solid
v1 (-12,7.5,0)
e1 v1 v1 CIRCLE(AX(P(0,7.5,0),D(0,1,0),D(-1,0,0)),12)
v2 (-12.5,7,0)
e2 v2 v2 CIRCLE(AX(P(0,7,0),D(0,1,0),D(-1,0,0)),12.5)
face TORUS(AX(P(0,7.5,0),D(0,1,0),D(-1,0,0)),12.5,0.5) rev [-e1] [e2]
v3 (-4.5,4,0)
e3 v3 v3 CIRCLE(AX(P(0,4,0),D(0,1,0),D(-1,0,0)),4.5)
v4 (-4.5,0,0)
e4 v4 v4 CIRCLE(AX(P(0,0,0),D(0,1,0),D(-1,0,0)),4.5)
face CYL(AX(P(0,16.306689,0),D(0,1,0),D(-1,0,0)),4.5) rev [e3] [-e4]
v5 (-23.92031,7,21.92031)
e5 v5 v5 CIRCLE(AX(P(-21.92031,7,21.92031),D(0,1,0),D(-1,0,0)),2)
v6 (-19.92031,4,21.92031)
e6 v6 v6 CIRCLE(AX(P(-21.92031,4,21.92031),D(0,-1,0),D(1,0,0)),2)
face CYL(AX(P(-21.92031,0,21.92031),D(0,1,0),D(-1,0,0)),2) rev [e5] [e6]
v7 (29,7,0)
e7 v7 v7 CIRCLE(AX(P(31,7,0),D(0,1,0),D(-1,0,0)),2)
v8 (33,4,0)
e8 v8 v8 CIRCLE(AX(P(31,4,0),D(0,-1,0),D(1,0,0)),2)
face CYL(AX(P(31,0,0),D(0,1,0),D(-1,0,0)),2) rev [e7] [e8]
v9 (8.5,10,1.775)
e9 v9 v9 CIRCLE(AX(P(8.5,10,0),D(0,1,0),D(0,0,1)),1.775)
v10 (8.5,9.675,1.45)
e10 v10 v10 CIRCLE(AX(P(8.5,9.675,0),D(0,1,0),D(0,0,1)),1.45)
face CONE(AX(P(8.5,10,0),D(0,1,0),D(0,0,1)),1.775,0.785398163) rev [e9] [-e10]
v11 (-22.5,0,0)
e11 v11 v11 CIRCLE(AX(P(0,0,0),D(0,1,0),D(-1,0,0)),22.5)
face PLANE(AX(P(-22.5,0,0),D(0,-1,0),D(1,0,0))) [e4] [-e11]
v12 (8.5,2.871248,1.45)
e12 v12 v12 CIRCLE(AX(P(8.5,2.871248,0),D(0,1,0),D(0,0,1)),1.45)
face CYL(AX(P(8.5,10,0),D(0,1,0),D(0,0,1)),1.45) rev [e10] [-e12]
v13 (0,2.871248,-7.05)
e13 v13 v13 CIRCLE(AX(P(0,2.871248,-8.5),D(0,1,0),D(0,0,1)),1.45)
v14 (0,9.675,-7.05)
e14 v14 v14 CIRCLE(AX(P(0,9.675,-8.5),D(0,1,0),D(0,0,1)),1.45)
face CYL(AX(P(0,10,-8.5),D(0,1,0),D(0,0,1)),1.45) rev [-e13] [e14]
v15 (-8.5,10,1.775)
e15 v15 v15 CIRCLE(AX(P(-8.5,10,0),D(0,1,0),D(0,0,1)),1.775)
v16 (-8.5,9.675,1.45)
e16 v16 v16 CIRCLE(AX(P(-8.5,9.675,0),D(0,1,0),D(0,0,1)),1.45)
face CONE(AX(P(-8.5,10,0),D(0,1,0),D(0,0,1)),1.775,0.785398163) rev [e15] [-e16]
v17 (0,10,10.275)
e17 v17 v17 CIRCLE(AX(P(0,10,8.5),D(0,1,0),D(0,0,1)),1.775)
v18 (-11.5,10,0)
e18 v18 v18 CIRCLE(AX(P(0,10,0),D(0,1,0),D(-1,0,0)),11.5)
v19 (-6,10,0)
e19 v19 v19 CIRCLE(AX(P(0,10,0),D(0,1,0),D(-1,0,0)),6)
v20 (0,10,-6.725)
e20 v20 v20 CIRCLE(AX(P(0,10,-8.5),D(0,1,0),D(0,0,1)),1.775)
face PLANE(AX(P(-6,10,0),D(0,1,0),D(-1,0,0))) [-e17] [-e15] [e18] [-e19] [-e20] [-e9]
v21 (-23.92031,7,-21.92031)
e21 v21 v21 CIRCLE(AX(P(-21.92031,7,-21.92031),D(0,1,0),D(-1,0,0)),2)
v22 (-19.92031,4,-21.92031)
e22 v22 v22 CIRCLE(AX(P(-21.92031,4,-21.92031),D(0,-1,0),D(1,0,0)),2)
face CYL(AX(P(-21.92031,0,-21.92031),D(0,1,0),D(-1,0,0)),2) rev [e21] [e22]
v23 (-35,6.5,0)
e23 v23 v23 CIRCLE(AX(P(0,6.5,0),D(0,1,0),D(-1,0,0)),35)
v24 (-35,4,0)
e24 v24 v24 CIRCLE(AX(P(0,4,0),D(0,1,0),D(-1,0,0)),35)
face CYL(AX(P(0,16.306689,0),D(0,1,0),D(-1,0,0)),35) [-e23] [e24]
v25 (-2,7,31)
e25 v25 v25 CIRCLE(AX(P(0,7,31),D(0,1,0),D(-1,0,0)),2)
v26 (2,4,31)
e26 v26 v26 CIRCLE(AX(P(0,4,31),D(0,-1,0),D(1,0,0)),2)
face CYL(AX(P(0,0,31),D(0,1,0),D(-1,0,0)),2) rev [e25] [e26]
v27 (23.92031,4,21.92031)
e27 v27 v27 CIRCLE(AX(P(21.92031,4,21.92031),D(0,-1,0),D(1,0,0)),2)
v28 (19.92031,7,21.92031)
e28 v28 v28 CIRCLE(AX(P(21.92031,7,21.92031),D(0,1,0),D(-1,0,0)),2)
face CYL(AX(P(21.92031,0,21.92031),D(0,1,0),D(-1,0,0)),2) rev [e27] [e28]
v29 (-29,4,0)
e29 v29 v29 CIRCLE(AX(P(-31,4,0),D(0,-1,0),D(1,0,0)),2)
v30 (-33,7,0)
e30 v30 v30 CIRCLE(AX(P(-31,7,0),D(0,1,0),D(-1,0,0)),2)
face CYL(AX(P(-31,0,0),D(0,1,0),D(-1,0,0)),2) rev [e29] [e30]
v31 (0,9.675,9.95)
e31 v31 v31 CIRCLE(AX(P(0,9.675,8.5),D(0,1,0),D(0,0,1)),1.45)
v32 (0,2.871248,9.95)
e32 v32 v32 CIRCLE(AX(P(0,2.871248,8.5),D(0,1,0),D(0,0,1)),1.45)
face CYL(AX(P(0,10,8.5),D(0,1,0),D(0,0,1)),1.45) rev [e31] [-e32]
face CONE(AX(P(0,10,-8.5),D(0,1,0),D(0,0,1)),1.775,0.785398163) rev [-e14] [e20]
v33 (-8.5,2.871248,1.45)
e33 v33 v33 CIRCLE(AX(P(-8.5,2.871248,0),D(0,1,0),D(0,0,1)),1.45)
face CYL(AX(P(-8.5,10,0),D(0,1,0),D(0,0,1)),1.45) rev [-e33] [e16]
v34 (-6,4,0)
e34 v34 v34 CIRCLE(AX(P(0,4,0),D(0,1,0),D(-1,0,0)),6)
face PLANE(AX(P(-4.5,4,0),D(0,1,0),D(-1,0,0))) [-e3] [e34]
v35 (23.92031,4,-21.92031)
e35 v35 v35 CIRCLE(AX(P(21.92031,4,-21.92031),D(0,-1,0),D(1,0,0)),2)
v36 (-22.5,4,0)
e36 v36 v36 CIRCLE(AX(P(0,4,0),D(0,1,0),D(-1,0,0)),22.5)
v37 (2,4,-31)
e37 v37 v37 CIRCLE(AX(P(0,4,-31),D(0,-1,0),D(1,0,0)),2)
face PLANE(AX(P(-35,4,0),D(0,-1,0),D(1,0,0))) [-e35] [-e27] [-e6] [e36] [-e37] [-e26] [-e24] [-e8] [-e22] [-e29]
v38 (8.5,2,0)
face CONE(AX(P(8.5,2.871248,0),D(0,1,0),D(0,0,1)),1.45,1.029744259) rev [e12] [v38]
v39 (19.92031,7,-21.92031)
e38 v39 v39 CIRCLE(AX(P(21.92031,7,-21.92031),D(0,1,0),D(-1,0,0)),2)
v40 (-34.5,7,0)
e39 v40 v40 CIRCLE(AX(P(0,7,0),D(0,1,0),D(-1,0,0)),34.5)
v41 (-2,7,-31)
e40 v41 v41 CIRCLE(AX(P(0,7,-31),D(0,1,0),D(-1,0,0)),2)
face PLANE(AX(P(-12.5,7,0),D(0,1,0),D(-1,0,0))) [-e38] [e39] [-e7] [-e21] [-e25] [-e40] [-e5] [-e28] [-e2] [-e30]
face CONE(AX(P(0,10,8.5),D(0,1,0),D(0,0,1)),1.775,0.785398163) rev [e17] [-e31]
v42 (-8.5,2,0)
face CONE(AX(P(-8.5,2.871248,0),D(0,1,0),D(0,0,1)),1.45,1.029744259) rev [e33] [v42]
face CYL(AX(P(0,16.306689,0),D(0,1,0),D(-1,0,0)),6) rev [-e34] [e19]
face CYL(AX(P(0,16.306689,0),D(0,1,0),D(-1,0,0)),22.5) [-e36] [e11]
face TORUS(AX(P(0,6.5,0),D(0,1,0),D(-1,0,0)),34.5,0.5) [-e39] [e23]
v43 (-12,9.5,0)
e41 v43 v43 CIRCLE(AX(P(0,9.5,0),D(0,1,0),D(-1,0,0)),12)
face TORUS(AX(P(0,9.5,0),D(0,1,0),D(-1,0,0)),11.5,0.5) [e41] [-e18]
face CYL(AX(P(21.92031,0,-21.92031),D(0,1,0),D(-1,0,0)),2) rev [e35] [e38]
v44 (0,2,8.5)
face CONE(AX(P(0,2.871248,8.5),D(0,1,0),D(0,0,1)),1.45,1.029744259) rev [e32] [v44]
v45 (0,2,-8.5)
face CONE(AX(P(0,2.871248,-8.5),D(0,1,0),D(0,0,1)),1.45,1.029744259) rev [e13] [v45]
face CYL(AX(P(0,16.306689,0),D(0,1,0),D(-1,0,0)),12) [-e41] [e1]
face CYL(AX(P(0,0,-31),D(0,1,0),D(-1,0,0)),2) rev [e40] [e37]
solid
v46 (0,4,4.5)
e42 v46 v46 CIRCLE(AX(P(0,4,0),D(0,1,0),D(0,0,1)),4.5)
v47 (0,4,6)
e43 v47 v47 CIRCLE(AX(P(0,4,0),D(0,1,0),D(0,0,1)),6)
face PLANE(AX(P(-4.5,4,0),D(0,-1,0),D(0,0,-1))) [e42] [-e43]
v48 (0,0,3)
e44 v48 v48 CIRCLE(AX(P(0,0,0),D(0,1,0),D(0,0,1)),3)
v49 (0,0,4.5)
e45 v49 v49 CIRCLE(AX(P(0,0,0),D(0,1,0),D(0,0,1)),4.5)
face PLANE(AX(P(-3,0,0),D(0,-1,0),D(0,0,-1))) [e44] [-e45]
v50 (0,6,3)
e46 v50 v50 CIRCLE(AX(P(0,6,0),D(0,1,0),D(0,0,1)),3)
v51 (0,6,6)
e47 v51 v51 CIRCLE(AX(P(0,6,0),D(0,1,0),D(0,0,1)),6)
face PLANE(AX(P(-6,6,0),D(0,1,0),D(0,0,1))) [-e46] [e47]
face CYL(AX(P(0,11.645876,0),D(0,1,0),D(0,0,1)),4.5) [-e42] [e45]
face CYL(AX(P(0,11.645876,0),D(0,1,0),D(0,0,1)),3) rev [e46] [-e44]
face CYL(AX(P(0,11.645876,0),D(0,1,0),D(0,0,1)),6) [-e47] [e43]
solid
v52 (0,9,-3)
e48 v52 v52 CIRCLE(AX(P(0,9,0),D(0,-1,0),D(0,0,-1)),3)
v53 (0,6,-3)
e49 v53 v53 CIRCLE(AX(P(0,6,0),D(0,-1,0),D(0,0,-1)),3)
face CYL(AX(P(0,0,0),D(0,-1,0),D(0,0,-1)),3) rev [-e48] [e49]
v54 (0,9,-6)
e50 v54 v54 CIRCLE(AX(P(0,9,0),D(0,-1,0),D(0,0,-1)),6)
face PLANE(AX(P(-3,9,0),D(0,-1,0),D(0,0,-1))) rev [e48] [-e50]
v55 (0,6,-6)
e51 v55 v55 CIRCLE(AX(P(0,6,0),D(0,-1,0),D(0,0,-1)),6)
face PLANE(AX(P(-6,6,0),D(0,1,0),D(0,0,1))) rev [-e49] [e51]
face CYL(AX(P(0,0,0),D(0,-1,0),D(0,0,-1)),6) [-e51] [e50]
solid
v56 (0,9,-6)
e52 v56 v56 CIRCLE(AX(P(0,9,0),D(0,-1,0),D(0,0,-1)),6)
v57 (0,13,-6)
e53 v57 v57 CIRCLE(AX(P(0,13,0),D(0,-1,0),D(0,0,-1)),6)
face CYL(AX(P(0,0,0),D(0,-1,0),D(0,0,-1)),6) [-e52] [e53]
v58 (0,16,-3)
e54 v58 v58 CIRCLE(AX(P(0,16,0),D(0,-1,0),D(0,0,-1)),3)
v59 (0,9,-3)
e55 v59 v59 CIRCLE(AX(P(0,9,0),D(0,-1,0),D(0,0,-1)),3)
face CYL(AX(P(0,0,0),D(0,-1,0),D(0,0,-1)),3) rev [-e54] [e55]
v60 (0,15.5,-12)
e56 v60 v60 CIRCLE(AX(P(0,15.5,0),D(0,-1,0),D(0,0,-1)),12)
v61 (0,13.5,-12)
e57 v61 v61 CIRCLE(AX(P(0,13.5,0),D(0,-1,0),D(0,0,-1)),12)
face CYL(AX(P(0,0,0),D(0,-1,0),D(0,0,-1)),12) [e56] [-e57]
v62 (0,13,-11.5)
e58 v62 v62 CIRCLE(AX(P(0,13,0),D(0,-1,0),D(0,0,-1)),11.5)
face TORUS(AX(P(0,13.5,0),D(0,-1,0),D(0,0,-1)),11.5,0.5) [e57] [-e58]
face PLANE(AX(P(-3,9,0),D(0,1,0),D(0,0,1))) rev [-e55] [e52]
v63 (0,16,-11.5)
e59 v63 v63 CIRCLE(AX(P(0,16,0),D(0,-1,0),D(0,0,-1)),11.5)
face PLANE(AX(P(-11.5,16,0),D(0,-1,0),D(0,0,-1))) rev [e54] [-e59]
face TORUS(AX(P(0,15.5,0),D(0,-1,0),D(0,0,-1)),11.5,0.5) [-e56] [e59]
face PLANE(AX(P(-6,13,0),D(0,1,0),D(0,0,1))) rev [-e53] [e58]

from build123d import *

# Parameters (mm, degrees)
SKETCH2_R                         = 2
CUT_EXTRUDE1_DEPTH                = 10
M3_5X0_6_TAPPED_HOLE1_D           = 2.9
M3_5X0_6_TAPPED_HOLE1_DEPTH       = 7.128752102
M3_5X0_6_TAPPED_HOLE1_CSINK_D     = 3.55
M3_5X0_6_TAPPED_HOLE1_CSINK_ANGLE = 90
M3_5X0_6_TAPPED_HOLE1_TIP         = 0.871247898
SKETCH11_W                        = 3
SKETCH11_H                        = 3


with BuildPart() as part:
    # Sketch1 → Revolve1 (revolve)
    with BuildSketch(Plane.XY):
        with BuildLine():
            Line((-4.5, 0), (-4.5, 4))
            Line((-4.5, 4), (-6, 4))
            Line((-6, 4), (-6, 10))
            Line((-6, 10), (-11.5, 10))
            ThreePointArc((-11.5, 10), (-11.853553391, 9.853553391), (-12, 9.5))
            Line((-12, 9.5), (-12, 7.5))
            ThreePointArc((-12, 7.5), (-12.146446609, 7.146446609), (-12.5, 7))
            Line((-12.5, 7), (-34.5, 7))
            ThreePointArc((-34.5, 7), (-34.853553391, 6.853553391), (-35, 6.5))
            Line((-35, 6.5), (-35, 4))
            Line((-35, 4), (-22.5, 4))
            Line((-22.5, 4), (-22.5, 0))
            Line((-22.5, 0), (-4.5, 0))
        make_face()
    revolve(axis=Axis((0, 16.306688785, 0), (0, -1, 0)))

    # Sketch2 → Cut-Extrude1 (cut)
    with BuildSketch(Plane(origin=(0, 10, 0), x_dir=(1, 0, 0), z_dir=(0, 1, 0))):
        with Locations(Location((0, 31, 0), (0, 0, 180))):
            Circle(SKETCH2_R)
        with Locations(Location((21.920310217, 21.920310217, 0), (0, 0, 180))):
            Circle(SKETCH2_R)
        with Locations(Location((31, 0, 0), (0, 0, 180))):
            Circle(SKETCH2_R)
        with Locations(Location((21.920310217, -21.920310217, 0), (0, 0, 180))):
            Circle(SKETCH2_R)
        with Locations(Location((0, -31, 0), (0, 0, 180))):
            Circle(SKETCH2_R)
        with Locations(Location((-21.920310217, -21.920310217, 0), (0, 0, 180))):
            Circle(SKETCH2_R)
        with Locations(Location((-31, 0, 0), (0, 0, 180))):
            Circle(SKETCH2_R)
        with Locations(Location((-21.920310217, 21.920310217, 0), (0, 0, 180))):
            Circle(SKETCH2_R)
    extrude(amount=-CUT_EXTRUDE1_DEPTH, mode=Mode.SUBTRACT)

    # M3.5x0.6 Tapped Hole1
    with Locations(Plane(origin=(0, 10, 0), x_dir=(1, 0, 0), z_dir=(0, 1, 0))):
        with Locations((0, 8.5), (-8.5, 0), (8.5, 0), (0, -8.5)):
            CounterSinkHole(M3_5X0_6_TAPPED_HOLE1_D / 2, M3_5X0_6_TAPPED_HOLE1_CSINK_D / 2, depth=M3_5X0_6_TAPPED_HOLE1_DEPTH, counter_sink_angle=M3_5X0_6_TAPPED_HOLE1_CSINK_ANGLE)
            with Locations((0, 0, -(M3_5X0_6_TAPPED_HOLE1_DEPTH + M3_5X0_6_TAPPED_HOLE1_TIP / 2))):  # 118° drill point
                Cone(0, M3_5X0_6_TAPPED_HOLE1_D / 2, M3_5X0_6_TAPPED_HOLE1_TIP, mode=Mode.SUBTRACT)


with BuildPart() as body_2:
    # Sketch9 → Revolve2 (revolve)
    with BuildSketch(Plane.XY, mode=Mode.PRIVATE) as revolve2_sk:
        Polygon((-3, 0), (-4.5, 0), (-4.5, 4), (-6, 4), (-6, 6), (-3, 6), align=None)
    revolve(revolve2_sk.sketch.rotate(Axis((0, 11.645875966, 0), (0, -1, 0)), 270), axis=Axis((0, 11.645875966, 0), (0, -1, 0)))


with BuildPart() as body_3:
    # Sketch11 → Revolve3 (revolve)
    with BuildSketch(Plane.XY, mode=Mode.PRIVATE) as revolve3_sk:
        with Locations((-4.5, 7.5)):
            Rectangle(SKETCH11_W, SKETCH11_H)
    revolve(revolve3_sk.sketch.rotate(Axis((0, 11.645875966, 0), (0, 1, 0)), 270), axis=Axis((0, 11.645875966, 0), (0, 1, 0)))


with BuildPart() as body_4:
    # Sketch12 → Revolve4 (revolve)
    with BuildSketch(Plane.XY, mode=Mode.PRIVATE) as revolve4_sk:
        with BuildLine():
            Line((-6, 13), (-11.5, 13))
            ThreePointArc((-11.5, 13), (-11.853553391, 13.146446609), (-12, 13.5))
            Line((-12, 13.5), (-12, 15.5))
            ThreePointArc((-12, 15.5), (-11.853553391, 15.853553391), (-11.5, 16))
            Line((-11.5, 16), (-3, 16))
            Line((-3, 16), (-3, 9))
            Line((-3, 9), (-6, 9))
            Line((-6, 9), (-6, 13))
        make_face()
    revolve(revolve4_sk.sketch.rotate(Axis((0, 11.645875966, 0), (0, 1, 0)), 270), axis=Axis((0, 11.645875966, 0), (0, 1, 0)))


solid = Compound([part.part, body_2.part, body_3.part, body_4.part])
